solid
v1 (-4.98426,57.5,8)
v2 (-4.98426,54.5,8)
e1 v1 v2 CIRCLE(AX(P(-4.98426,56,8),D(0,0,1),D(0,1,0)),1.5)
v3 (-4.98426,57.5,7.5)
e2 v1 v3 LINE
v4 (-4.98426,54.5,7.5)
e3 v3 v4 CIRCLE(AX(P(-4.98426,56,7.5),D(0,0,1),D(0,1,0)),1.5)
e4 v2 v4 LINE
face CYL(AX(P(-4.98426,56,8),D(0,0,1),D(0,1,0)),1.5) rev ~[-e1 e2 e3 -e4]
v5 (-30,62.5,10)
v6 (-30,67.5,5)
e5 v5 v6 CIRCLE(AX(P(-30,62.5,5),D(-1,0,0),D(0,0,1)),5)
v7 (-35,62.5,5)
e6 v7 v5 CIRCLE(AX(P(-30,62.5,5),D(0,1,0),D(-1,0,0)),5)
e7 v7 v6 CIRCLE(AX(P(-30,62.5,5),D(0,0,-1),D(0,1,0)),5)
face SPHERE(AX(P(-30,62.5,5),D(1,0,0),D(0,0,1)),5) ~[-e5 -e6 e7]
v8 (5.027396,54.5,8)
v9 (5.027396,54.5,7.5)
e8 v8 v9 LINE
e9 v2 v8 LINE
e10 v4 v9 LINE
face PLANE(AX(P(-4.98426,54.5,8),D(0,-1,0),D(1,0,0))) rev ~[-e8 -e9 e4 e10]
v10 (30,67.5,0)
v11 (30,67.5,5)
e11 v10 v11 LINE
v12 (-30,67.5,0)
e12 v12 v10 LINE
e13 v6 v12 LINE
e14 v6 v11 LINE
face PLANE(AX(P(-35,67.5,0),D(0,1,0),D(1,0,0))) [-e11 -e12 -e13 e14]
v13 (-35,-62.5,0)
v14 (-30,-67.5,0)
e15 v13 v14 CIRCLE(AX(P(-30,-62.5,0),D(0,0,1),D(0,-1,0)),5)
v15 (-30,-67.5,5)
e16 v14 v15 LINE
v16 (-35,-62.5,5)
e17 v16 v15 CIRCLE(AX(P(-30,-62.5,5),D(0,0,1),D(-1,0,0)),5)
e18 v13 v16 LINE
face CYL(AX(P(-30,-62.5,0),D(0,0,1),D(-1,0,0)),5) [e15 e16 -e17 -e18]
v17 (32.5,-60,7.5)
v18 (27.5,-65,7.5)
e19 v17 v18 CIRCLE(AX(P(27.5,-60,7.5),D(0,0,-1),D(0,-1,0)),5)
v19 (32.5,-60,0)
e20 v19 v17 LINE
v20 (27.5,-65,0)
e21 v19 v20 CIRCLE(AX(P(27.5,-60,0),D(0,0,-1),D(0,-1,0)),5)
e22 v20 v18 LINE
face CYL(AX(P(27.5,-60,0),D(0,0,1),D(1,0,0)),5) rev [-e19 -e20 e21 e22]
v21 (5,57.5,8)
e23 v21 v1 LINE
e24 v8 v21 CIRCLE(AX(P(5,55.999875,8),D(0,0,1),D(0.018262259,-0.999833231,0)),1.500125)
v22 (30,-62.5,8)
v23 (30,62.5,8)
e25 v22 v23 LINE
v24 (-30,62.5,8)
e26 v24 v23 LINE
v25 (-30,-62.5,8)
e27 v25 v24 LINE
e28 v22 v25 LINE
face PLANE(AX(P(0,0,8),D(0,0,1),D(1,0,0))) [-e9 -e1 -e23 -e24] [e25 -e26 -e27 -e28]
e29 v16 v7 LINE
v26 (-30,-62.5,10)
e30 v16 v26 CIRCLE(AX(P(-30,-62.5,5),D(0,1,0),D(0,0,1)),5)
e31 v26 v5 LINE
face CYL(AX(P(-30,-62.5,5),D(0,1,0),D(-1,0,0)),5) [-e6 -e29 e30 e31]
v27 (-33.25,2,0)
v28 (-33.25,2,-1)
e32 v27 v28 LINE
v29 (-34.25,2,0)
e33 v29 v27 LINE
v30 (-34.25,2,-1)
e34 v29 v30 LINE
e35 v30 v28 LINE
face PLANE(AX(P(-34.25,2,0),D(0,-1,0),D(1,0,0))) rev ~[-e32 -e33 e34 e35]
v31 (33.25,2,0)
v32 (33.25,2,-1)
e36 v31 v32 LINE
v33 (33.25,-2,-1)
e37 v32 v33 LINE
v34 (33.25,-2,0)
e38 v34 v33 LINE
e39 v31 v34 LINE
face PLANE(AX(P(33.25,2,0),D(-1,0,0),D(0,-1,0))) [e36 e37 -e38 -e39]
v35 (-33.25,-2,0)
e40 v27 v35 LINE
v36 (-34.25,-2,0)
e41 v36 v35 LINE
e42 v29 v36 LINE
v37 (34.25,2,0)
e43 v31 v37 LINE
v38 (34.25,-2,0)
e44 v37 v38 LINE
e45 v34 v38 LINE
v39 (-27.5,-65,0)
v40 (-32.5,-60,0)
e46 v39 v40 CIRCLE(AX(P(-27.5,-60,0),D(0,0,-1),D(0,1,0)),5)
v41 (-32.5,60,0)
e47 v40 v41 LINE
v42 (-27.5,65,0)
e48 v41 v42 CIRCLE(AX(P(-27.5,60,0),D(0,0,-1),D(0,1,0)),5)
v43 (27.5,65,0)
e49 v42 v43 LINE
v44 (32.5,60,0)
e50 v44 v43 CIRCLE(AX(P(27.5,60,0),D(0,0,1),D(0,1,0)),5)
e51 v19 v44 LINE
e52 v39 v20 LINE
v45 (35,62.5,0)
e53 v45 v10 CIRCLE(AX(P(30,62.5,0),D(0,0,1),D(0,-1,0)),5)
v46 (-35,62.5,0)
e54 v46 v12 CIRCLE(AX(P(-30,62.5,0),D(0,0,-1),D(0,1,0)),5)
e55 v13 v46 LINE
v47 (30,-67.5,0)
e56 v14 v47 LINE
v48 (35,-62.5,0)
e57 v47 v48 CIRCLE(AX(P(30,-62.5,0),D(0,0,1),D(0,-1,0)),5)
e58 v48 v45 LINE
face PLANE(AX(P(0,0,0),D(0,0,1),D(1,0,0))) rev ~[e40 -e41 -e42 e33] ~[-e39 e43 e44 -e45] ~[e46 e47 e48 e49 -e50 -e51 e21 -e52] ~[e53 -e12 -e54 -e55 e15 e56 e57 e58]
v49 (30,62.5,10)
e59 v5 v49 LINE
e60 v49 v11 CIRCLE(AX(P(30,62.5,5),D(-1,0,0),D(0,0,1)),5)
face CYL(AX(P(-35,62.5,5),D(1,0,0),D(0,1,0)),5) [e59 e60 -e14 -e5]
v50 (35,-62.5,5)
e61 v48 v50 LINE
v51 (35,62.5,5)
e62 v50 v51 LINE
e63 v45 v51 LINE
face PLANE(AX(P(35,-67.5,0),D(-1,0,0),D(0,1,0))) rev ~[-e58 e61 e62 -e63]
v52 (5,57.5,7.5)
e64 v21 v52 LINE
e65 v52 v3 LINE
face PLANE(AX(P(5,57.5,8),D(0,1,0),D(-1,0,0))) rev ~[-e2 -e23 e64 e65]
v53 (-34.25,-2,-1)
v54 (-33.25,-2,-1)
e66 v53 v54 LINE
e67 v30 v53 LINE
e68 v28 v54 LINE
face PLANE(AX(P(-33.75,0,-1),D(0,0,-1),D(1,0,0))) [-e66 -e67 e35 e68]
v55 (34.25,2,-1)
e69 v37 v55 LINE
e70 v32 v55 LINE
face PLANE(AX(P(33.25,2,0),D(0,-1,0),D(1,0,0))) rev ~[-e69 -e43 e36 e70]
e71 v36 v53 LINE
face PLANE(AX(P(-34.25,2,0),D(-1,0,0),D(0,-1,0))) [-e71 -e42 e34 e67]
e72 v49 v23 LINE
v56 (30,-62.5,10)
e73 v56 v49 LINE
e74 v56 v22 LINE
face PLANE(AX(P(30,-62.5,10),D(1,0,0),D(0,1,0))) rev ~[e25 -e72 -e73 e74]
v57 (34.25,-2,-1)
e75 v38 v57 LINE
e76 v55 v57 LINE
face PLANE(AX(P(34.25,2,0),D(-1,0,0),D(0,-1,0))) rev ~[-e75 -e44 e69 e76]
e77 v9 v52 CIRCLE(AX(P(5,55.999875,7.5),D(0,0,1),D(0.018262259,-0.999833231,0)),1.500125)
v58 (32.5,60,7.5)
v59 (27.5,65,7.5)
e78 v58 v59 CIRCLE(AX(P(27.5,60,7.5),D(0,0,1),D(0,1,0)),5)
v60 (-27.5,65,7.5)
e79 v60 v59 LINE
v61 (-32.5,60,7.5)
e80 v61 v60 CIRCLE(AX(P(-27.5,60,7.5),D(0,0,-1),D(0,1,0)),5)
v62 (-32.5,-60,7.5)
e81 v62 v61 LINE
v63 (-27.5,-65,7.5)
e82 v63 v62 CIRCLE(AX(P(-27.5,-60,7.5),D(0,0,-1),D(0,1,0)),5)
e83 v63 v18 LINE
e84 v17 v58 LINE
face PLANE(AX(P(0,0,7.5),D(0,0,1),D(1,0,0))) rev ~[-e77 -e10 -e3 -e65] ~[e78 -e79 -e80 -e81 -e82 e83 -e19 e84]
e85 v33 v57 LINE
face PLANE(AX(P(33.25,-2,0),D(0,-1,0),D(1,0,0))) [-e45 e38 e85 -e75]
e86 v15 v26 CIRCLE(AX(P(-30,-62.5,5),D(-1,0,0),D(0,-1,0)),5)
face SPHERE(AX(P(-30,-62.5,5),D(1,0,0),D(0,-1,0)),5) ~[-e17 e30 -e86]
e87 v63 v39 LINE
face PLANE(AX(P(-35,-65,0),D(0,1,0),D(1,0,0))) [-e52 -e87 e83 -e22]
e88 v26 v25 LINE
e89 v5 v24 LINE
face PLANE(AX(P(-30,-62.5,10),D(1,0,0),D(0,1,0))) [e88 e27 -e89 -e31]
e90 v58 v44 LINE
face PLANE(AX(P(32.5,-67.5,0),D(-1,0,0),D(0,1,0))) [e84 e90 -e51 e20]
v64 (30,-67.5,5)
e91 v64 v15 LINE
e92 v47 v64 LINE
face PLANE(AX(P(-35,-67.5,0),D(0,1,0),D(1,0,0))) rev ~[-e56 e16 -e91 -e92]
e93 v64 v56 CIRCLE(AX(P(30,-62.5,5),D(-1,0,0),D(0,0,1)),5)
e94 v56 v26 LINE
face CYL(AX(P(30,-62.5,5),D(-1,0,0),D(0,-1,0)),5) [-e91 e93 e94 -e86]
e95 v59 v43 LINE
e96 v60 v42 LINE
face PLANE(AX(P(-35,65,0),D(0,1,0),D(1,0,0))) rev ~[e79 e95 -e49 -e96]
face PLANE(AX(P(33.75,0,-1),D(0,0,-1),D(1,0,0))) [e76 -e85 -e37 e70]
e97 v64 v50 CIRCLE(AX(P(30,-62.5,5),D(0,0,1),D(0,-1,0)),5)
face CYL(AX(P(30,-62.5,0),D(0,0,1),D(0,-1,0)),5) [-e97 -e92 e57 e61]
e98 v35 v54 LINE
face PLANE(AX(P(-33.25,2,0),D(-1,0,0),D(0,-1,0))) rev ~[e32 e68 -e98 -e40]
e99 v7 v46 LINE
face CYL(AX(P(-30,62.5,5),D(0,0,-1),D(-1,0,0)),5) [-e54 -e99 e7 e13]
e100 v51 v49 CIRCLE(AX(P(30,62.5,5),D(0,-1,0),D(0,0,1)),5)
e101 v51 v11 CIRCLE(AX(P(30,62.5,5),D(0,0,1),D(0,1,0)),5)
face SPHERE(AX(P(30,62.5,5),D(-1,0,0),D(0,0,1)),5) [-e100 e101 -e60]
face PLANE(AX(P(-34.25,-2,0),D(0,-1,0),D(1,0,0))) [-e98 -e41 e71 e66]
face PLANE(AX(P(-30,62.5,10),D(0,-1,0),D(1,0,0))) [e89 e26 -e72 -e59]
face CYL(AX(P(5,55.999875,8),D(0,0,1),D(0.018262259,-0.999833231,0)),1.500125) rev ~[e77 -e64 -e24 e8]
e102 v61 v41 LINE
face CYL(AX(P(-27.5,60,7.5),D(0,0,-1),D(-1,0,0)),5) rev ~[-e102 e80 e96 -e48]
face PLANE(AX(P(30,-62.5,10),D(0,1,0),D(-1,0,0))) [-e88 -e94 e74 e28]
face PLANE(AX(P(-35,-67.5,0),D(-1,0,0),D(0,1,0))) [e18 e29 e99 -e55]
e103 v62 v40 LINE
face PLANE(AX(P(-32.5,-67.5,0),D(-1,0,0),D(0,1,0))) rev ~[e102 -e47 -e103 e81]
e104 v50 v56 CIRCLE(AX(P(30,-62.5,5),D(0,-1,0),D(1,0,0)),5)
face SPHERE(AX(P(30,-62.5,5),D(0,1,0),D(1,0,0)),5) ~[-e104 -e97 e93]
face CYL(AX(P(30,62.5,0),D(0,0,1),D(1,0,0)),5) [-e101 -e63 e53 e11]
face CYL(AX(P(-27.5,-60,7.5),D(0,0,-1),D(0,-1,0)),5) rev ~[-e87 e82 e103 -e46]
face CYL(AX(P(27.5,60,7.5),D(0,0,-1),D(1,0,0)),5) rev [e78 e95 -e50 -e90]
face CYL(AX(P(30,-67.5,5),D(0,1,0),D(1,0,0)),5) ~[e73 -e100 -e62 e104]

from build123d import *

# Parameters (mm, degrees)
F0_W      = 70
F0_H      = 135
F1_DEPTH  = 10
F2_T      = -2.5
F3_R      = 5
F4_R      = 5
F5_R      = 5
F6_R      = 5
F7_W      = 1
F7_H      = 4
F8_DEPTH  = 1
F9_DEPTH  = 2
F11_DEPTH = 1


with BuildPart() as f1:
    # F0 (on Top) → F1 (new body)
    with BuildSketch(Plane.XY):
        Rectangle(F0_W, F0_H)
    extrude(amount=F1_DEPTH)

    # F2
    f2_openings = [f1.faces().sort_by_distance(p)[0] for p in [
        (0, 0, 0),
    ]]
    offset(amount=F2_T, openings=f2_openings)

    # F3
    f3_edges = [f1.edges().sort_by_distance(p)[0] for p in [
        (0, 67.5, 10),
        (35, 0, 10),
        (35, 67.5, 5),
    ]]
    fillet(f3_edges, radius=F3_R)

    # F4
    f4_edges = [f1.edges().sort_by_distance(p)[0] for p in [
        (33.535534, -67.5, 8.535534),
        (-2.5, -67.5, 10),
    ]]
    fillet(f4_edges, radius=F4_R)

    # F5
    f5_edges = [f1.edges().sort_by_distance(p)[0] for p in [
        (-35, 0, 10),
        (-35, -66.035534, 8.535534),
    ]]
    fillet(f5_edges, radius=F5_R)

    # F6
    f6_edges = [f1.edges().sort_by_distance(p)[0] for p in [
        (32.5, 65, 3.75),
        (-32.5, 65, 3.75),
        (32.5, -65, 3.75),
        (-32.5, -65, 3.75),
    ]]
    fillet(f6_edges, radius=F6_R)

    # F7 (on face) → F8 (join)
    with BuildSketch(Plane(origin=(0, 0, 0), x_dir=(1, 0, 0), z_dir=(0, 0, -1))):
        with Locations((-33.75, 0)):
            Rectangle(F7_W, F7_H)
        with Locations((33.75, 0)):
            Rectangle(F7_W, F7_H)
    extrude(amount=F8_DEPTH)

    # F9 (cut): a face of the model
    f9_faces = [f1.faces().sort_by_distance(p)[0] for p in [
        (0, 0, 10),
    ]]
    extrude(f9_faces, amount=-F9_DEPTH, mode=Mode.SUBTRACT)

    # F10 (on face) → F11 (cut)
    with BuildSketch(Plane.XY.offset(8)):
        with BuildLine():
            Line((5, 57.5), (0, 57.5))
            Line((0, 57.5), (-4.9842596054, 57.5))
            ThreePointArc((-4.9842596054, 57.5), (-6.4842596054, 56), (-4.9842596054, 54.5))
            Line((-4.9842596054, 54.5), (5.0273956731, 54.5))
            ThreePointArc((5.0273956731, 54.5), (6.5000625423, 56.0135733205), (5, 57.5))
        make_face()
    extrude(amount=-F11_DEPTH, mode=Mode.SUBTRACT)


solid = f1.part
